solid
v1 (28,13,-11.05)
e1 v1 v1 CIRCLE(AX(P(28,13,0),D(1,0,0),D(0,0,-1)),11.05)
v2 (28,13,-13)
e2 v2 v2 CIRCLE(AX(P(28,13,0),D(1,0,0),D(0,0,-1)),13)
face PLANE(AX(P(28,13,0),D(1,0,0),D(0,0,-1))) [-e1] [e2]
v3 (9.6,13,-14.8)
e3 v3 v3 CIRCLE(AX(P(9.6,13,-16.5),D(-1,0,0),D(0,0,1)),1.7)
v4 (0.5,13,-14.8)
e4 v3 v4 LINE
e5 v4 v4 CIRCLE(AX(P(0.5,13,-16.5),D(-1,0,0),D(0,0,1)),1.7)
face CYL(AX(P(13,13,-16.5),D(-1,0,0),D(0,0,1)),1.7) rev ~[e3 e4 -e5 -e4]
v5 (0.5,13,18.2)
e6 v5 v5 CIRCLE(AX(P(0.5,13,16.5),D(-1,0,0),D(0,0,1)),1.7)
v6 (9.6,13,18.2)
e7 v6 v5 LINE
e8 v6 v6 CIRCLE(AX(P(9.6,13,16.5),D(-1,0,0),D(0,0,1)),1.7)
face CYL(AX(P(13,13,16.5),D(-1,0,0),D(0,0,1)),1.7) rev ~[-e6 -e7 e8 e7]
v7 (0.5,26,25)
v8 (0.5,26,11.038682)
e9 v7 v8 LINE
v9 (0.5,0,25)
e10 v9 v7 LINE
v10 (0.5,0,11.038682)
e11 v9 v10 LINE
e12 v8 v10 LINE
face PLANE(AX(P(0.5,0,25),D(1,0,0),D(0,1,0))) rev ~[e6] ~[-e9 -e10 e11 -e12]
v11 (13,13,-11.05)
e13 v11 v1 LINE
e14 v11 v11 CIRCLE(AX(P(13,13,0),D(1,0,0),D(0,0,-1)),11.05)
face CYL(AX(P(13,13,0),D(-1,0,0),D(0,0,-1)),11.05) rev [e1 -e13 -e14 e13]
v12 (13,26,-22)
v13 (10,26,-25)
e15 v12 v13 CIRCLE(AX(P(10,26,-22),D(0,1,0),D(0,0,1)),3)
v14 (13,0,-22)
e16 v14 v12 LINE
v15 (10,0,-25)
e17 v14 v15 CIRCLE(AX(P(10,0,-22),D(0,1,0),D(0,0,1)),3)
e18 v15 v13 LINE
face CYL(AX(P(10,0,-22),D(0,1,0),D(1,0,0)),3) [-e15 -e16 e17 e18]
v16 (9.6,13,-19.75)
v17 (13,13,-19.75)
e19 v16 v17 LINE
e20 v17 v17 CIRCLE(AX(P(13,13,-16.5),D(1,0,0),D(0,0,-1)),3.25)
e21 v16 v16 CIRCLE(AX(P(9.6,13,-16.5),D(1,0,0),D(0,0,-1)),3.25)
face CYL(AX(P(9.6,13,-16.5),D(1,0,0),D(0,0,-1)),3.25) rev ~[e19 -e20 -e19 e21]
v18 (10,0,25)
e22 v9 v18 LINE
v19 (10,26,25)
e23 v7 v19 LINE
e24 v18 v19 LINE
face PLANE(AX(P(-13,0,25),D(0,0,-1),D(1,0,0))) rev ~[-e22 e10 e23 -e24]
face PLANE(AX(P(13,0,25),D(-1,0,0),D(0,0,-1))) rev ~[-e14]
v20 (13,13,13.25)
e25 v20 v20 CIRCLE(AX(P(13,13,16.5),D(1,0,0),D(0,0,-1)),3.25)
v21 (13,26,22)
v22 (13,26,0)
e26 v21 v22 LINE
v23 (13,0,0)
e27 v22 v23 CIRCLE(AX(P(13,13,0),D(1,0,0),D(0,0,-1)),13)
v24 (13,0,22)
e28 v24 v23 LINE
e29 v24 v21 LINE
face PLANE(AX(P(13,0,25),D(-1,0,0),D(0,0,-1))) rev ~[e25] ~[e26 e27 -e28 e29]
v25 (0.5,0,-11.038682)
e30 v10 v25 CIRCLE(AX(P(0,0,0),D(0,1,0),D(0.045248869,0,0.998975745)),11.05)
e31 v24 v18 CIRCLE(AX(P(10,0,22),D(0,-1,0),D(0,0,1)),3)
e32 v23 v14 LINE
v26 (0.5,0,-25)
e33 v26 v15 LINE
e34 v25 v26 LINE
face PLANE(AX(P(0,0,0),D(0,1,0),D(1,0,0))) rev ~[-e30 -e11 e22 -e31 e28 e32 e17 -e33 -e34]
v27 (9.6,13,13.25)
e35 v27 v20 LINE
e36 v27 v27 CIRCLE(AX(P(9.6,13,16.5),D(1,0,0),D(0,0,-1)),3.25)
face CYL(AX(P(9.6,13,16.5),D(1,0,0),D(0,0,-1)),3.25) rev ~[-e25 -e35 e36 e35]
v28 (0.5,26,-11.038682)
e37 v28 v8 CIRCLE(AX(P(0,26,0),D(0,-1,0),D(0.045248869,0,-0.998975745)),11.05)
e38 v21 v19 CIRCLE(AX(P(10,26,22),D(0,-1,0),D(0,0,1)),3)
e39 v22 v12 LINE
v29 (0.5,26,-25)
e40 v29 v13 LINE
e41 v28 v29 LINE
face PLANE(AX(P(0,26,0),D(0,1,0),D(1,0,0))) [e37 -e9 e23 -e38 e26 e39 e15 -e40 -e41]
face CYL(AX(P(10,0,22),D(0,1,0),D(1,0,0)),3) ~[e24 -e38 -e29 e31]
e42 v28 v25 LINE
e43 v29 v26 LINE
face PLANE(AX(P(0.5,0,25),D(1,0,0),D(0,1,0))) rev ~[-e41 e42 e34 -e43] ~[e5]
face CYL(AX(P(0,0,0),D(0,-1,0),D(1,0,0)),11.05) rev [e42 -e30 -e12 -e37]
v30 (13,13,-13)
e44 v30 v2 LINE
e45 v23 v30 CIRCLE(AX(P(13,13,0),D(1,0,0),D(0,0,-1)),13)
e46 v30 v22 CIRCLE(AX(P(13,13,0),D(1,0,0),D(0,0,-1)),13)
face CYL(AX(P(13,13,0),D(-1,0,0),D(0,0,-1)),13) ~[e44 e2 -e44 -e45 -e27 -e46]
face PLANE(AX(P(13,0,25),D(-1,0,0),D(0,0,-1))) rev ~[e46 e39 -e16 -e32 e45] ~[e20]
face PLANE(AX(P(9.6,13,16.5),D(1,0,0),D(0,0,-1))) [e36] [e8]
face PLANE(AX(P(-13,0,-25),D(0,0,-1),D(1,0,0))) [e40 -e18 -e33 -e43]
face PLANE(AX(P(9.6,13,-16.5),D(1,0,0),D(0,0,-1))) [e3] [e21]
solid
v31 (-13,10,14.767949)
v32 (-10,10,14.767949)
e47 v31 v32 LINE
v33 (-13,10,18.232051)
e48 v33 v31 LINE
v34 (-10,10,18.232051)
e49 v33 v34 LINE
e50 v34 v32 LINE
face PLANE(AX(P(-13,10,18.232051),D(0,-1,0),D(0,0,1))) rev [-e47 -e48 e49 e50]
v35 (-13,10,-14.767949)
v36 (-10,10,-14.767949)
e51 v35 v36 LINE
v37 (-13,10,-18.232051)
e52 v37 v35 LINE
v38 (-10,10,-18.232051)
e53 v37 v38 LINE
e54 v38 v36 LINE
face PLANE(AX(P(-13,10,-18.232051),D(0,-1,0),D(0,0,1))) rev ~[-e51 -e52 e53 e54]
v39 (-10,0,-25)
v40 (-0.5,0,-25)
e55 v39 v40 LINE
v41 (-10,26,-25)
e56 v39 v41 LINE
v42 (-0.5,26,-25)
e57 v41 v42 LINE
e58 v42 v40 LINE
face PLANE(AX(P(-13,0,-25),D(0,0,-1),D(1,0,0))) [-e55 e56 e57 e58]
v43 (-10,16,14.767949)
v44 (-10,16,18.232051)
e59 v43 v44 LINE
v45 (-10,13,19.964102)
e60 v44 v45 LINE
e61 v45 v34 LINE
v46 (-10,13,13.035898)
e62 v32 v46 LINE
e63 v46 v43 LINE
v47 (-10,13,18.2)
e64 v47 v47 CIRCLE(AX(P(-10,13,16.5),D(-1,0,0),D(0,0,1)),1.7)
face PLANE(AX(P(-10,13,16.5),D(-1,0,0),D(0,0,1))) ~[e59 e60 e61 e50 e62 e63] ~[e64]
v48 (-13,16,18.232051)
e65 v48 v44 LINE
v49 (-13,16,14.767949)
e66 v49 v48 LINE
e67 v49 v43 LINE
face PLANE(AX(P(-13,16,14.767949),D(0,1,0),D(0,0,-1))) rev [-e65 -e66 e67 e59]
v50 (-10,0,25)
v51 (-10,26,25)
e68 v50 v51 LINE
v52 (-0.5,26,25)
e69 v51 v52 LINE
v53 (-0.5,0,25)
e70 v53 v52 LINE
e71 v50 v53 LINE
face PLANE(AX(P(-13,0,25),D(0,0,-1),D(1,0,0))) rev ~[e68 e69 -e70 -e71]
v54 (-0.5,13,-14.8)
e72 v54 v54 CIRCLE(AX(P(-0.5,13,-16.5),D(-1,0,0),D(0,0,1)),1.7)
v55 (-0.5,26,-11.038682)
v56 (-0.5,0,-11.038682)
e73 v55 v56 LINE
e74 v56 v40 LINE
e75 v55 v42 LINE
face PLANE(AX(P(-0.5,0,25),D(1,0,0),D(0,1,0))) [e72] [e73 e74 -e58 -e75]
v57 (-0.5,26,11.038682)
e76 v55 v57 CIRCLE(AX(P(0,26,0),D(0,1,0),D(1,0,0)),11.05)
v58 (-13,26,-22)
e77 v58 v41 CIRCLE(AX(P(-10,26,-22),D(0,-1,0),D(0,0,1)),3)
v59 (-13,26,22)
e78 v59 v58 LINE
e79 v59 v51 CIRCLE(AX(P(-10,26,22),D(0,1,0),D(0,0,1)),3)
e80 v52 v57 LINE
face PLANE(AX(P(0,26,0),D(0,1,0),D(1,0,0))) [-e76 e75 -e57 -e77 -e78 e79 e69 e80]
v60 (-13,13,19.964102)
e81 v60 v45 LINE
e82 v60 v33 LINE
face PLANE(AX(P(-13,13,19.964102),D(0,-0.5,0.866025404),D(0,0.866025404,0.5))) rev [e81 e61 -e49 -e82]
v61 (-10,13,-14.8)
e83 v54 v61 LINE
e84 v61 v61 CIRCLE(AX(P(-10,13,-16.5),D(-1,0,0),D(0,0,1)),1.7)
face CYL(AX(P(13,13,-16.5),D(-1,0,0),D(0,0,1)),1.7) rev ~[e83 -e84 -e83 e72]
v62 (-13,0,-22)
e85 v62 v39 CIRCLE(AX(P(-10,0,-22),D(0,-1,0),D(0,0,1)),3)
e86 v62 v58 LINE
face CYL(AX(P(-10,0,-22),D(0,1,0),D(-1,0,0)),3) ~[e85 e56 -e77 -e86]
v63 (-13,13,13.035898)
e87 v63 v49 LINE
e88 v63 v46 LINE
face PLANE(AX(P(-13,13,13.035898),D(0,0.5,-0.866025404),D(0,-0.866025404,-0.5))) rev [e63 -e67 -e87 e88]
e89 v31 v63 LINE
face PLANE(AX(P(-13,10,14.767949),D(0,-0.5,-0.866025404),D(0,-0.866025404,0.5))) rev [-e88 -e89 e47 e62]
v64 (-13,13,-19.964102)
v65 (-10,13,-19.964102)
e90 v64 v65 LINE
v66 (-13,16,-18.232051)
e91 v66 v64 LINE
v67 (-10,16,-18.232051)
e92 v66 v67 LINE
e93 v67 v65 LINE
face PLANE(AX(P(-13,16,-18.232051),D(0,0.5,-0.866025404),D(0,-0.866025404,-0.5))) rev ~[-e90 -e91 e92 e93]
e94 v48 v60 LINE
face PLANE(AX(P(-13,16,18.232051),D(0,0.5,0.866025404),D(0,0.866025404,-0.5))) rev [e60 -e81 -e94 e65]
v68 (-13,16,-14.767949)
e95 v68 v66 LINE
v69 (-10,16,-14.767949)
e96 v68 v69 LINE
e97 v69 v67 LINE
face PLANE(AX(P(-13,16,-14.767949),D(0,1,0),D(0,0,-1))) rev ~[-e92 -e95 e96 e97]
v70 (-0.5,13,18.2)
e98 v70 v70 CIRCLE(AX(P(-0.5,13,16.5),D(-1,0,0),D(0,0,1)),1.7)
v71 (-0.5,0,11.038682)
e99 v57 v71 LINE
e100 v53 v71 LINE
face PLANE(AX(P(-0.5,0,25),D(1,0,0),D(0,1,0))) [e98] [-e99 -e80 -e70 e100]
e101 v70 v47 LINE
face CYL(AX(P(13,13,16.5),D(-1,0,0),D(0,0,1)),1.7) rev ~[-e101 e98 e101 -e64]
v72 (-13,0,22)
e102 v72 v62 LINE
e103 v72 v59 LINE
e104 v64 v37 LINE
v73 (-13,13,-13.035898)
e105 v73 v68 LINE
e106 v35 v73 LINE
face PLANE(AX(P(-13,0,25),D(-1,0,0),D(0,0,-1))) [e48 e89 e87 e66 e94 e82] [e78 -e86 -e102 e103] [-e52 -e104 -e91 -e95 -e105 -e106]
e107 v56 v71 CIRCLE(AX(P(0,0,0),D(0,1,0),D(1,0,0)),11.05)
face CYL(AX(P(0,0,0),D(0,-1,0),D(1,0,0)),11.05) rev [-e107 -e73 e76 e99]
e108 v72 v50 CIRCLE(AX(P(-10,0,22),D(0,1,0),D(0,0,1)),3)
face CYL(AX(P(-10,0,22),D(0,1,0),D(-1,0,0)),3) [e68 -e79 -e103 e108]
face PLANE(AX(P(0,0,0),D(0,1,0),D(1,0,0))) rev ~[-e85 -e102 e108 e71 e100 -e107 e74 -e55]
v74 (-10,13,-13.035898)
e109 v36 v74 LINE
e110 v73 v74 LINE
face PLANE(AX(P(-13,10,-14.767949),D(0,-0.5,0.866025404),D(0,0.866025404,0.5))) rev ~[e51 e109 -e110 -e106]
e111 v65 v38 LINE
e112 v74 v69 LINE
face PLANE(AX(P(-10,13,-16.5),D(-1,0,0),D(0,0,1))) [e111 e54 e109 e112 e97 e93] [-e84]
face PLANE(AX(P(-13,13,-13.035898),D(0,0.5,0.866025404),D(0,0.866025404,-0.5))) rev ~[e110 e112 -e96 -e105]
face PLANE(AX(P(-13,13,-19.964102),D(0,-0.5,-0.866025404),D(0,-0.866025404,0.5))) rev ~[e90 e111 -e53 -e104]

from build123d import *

# Parameters (mm, degrees)
CROQUIS1_W                                           = 26
CROQUIS1_H                                           = 50
CROQUIS1_R                                           = 11.05
SALIENTE_EXTRUIR3_DEPTH                              = 26
REFRENTADO_PARA_TORNILLO_CON_CABEZA_HUEC_D           = 3.4
REFRENTADO_PARA_TORNILLO_CON_CABEZA_HUEC_CBORE_D     = 6.5
REFRENTADO_PARA_TORNILLO_CON_CABEZA_HUEC_CBORE_DEPTH = 3.4
CROQUIS26_W                                          = 1
CROQUIS26_H                                          = 26
CORTAR_EXTRUIR2_DEPTH                                = 51
CORTAR_EXTRUIR3_DEPTH                                = 3
CROQUIS28_R                                          = 13
CROQUIS28_R_2                                        = 11.05
SALIENTE_EXTRUIR4_DEPTH                              = 15
REDONDEO1_R                                          = 3
REDONDEO2_R                                          = 3


with BuildPart() as part:
    # Croquis1 → Saliente-Extruir3 (new body)
    with BuildSketch(Plane(origin=(0, 0, 0), x_dir=(1, 0, 0), z_dir=(0, 1, 0))):
        Rectangle(CROQUIS1_W, CROQUIS1_H)
        Circle(CROQUIS1_R, mode=Mode.SUBTRACT)
    extrude(amount=SALIENTE_EXTRUIR3_DEPTH)

    # Refrentado para tornillo con cabeza hueca de M31 (through all)
    with Locations(Plane(origin=(13, 0, 0), x_dir=(0, 0, -1), z_dir=(1, 0, 0))):
        with Locations((-16.5, 13), (16.5, 13)):
            CounterBoreHole(REFRENTADO_PARA_TORNILLO_CON_CABEZA_HUEC_D / 2, REFRENTADO_PARA_TORNILLO_CON_CABEZA_HUEC_CBORE_D / 2, REFRENTADO_PARA_TORNILLO_CON_CABEZA_HUEC_CBORE_DEPTH)

    # Croquis26 → Cortar-Extruir2 (cut, through all)
    with BuildSketch(Plane.XY.offset(25)):
        with Locations((0, 13)):
            Rectangle(CROQUIS26_W, CROQUIS26_H)
    extrude(amount=-CORTAR_EXTRUIR2_DEPTH, mode=Mode.SUBTRACT)

    # Croquis27 → Cortar-Extruir3 (cut)
    with BuildSketch(Plane.ZY.offset(13)):
        Polygon((-13.035898385, 13), (-14.767949192, 16), (-18.232050808, 16), (-19.964101615, 13), (-18.232050808, 10), (-14.767949192, 10), align=None)
    cortar_extruir3 = extrude(amount=-CORTAR_EXTRUIR3_DEPTH, mode=Mode.SUBTRACT)

    # Simetría8: Cortar-Extruir3 across plane
    add(cortar_extruir3.mirror(Plane.XY), mode=Mode.SUBTRACT)

    # Croquis28 → Saliente-Extruir4 (add)
    with BuildSketch(Plane(origin=(13, 0, 0), x_dir=(0, 0, -1), z_dir=(1, 0, 0))):
        with Locations((0, 13)):
            Circle(CROQUIS28_R)
        with Locations((0, 13)):
            Circle(CROQUIS28_R_2, mode=Mode.SUBTRACT)
    extrude(amount=SALIENTE_EXTRUIR4_DEPTH)

    # Redondeo1
    redondeo1_edges = [part.edges().sort_by_distance(p)[0] for p in [
        (13, 13, 25),
        (13, 13, -25),
    ]]
    fillet(redondeo1_edges, radius=REDONDEO1_R)

    # Redondeo2
    redondeo2_edges = [part.edges().sort_by_distance(p)[0] for p in [
        (-13, 13, 25),
        (-13, 13, -25),
    ]]
    fillet(redondeo2_edges, radius=REDONDEO2_R)


solid = part.part
